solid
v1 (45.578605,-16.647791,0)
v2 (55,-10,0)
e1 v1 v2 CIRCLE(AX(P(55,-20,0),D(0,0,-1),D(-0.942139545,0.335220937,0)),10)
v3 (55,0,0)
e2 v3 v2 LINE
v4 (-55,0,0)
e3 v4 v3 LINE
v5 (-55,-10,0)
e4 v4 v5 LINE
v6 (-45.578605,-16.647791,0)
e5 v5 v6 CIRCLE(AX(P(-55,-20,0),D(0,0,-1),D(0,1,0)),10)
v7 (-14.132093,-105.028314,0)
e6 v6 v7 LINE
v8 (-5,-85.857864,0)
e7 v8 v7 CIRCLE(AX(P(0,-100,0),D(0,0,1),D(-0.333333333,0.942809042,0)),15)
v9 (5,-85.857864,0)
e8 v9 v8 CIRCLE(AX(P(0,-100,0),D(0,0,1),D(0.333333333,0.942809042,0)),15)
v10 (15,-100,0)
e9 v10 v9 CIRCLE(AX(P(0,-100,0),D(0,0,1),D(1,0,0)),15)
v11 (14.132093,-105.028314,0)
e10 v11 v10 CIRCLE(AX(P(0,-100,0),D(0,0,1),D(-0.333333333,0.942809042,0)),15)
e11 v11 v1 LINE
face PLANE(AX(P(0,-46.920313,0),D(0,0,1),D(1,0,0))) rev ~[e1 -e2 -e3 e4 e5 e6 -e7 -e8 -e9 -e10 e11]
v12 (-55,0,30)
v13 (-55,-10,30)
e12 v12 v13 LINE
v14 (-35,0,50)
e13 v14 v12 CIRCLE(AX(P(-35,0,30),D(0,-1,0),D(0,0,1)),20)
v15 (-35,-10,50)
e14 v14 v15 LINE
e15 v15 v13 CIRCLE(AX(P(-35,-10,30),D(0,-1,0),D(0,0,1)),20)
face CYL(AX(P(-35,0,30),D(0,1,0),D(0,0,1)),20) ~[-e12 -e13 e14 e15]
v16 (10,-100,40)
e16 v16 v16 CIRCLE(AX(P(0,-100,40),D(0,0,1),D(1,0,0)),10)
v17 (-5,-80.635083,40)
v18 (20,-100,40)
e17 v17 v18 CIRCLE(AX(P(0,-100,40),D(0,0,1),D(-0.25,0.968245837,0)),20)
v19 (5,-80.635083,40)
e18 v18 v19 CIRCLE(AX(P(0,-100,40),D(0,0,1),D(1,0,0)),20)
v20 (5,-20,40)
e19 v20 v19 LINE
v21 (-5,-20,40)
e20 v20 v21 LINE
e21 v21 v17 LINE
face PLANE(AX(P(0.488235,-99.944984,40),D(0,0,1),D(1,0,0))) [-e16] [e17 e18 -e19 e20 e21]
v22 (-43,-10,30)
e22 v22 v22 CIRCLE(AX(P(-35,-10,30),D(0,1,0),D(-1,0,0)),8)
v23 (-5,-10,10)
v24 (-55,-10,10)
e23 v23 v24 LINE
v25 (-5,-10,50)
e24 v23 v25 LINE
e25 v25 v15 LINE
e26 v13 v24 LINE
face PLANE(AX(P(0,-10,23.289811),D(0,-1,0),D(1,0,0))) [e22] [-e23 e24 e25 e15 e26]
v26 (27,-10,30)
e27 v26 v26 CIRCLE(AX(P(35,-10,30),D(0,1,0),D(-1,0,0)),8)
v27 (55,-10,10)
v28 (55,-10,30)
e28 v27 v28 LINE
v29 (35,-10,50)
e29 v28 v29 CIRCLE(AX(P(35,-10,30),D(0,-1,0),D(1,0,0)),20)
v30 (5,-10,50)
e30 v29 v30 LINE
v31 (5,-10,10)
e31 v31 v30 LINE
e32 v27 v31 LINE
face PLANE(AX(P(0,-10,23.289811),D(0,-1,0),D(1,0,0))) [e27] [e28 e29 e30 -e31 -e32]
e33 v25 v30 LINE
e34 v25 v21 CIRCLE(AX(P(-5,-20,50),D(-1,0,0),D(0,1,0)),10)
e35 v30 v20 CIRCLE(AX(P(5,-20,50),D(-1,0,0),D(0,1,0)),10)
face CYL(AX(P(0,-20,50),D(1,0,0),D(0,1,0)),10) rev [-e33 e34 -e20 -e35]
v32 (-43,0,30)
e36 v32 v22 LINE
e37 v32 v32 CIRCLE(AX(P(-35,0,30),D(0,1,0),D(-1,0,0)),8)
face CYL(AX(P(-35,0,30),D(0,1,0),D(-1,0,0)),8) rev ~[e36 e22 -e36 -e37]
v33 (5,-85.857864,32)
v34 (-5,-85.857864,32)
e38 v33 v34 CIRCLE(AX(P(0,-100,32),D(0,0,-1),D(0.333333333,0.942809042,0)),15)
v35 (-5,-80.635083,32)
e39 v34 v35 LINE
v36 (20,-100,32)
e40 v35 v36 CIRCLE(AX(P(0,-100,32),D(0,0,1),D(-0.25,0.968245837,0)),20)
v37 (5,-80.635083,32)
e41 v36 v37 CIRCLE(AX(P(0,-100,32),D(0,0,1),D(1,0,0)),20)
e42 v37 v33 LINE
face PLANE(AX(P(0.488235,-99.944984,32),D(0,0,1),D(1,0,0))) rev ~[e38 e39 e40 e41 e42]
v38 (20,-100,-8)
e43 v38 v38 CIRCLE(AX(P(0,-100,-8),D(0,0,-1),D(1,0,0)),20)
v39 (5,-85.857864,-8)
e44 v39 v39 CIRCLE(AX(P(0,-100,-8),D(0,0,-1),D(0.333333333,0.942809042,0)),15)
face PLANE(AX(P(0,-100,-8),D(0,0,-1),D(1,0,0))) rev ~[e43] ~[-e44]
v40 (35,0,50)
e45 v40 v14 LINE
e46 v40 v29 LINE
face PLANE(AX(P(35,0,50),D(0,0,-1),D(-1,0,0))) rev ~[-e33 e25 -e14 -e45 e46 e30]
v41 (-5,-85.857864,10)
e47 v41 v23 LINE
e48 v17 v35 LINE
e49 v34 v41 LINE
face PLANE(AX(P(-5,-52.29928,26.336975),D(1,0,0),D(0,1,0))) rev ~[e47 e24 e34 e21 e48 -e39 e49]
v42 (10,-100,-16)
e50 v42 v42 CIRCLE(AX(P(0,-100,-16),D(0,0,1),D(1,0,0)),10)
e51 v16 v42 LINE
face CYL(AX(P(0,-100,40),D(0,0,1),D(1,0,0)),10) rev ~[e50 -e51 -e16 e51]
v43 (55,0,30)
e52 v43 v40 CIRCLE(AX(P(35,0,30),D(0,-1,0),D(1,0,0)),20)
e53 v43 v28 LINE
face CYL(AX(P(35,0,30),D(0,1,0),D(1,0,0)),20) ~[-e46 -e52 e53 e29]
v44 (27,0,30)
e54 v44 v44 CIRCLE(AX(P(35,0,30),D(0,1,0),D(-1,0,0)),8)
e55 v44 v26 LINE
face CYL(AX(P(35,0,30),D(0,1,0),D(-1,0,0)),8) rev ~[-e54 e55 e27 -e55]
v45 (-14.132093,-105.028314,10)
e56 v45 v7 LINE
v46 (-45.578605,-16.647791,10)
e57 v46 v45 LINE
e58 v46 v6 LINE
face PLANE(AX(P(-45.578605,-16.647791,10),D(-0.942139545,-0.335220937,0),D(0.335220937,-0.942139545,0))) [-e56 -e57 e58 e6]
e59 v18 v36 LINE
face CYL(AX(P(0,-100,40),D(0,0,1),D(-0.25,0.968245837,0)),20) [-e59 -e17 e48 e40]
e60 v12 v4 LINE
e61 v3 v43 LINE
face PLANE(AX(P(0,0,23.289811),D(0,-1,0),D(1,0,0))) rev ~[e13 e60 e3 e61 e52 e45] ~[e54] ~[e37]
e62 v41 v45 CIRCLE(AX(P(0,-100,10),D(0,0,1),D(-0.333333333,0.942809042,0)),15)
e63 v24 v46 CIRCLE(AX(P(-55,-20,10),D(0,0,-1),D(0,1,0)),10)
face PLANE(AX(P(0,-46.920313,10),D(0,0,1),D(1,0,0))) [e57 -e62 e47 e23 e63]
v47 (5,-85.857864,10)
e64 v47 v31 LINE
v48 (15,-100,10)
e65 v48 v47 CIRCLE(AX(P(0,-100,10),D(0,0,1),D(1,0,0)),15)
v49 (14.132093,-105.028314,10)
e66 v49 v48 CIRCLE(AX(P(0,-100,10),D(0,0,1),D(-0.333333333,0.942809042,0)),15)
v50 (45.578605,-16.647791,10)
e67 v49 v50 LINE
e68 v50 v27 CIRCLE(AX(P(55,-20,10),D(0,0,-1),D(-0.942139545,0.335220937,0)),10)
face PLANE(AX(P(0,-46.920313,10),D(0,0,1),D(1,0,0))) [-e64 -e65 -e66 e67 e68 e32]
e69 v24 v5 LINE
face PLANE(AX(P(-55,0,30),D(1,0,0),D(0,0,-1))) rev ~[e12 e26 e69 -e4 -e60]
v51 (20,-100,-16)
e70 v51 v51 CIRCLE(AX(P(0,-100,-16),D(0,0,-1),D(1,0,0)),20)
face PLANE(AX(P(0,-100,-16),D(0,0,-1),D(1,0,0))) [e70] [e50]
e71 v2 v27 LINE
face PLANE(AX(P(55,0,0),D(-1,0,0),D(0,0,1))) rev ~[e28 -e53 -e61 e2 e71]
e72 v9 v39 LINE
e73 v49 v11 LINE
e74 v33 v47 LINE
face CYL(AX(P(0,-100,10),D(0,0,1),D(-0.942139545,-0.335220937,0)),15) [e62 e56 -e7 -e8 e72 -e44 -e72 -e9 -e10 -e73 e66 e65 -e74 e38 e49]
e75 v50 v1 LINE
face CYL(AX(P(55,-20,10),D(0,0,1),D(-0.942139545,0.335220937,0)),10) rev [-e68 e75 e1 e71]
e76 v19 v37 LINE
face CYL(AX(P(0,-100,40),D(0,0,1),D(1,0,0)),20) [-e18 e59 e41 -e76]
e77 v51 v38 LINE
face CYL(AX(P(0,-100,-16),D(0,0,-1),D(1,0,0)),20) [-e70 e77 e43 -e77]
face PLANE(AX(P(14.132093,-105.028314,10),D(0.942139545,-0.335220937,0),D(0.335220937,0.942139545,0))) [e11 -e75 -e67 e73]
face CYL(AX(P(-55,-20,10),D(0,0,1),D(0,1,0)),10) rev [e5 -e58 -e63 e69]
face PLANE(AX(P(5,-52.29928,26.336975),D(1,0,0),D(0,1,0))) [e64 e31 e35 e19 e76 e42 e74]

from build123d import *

# Parameters (mm, degrees)
F1_DEPTH  = 10
F4_DEPTH  = 10
F6_DEPTH  = 5
F8_DEPTH  = 56
F10_DEPTH = 8
F11_R     = 20
F11_R_2   = 15
F12_DEPTH = 8
F13_R     = 10
F14_DEPTH = 56.001
F15_R     = 8
F16_DEPTH = 10


with BuildPart() as f1:
    # F0 (on Front) → F1 (new body)
    with BuildSketch(Plane.XZ):
        with BuildLine():
            Line((-55, 30), (-55, 0))
            Line((-55, 0), (55, 0))
            Line((55, 0), (55, 30))
            ThreePointArc((55, 30), (49.1421356237, 44.1421356237), (35, 50))
            Line((35, 50), (-35, 50))
            ThreePointArc((-35, 50), (-49.1421356237, 44.1421356237), (-55, 30))
        make_face()
    extrude(amount=F1_DEPTH)

    # F3 (on offset) → F4 (join)
    with BuildSketch(Plane.XY.offset(10)):
        with BuildLine():
            Line((-15.9212083525, -100), (-14.1320931815, -105.0283140623))
            ThreePointArc((-14.1320931815, -105.0283140623), (0, -115), (14.1320931815, -105.0283140623))
            Line((14.1320931815, -105.0283140623), (15.9212083525, -100))
            Line((15.9212083525, -100), (45.5786045457, -16.6477906251))
            ThreePointArc((45.5786045457, -16.6477906251), (49.2346766677, -11.8292566511), (55, -10))
            Line((55, -10), (-55, -10))
            ThreePointArc((-55, -10), (-49.2346766677, -11.8292566511), (-45.5786045457, -16.6477906251))
            Line((-45.5786045457, -16.6477906251), (-15.9212083525, -100))
        make_face()
    extrude(amount=-F4_DEPTH)

    # F5 (on Right) → F6 (join, symmetric)
    with BuildSketch(Plane.YZ):
        with BuildLine():
            Line((-100, 10), (-10, 10))
            Line((-10, 10), (-10, 40))
            Line((-10, 40), (-10, 50))
            ThreePointArc((-10, 50), (-12.9289321881, 42.9289321881), (-20, 40))
            Line((-20, 40), (-100, 40))
            Line((-100, 40), (-100, 10))
        make_face()
    extrude(amount=F6_DEPTH, both=True)

    # F7 (on face) → F8 (join)
    with BuildSketch(Plane.XY.offset(40)):
        with BuildLine():
            Line((5, -100), (5, -85.8578643763))
            ThreePointArc((5, -85.8578643763), (0, -85), (-5, -85.8578643763))
            Line((-5, -85.8578643763), (-5, -100))
            Line((-5, -100), (5, -100))
        make_face()
        with BuildLine():
            ThreePointArc((-5, -85.8578643763), (-8.6602540378, -112.2474487139), (15, -100))
            ThreePointArc((15, -100), (12.2474487139, -91.3397459622), (5, -85.8578643763))
            Line((5, -85.8578643763), (5, -100))
            Line((5, -100), (-5, -100))
            Line((-5, -100), (-5, -85.8578643763))
        make_face()
    extrude(amount=-F8_DEPTH)

    # F9 (on face) → F10 (join)
    with BuildSketch(Plane.XY.offset(40)):
        with BuildLine():
            ThreePointArc((-5, -80.635083269), (-12.2474487139, -115.8113883008), (20, -100))
            ThreePointArc((20, -100), (15.8113883008, -87.7525512861), (5, -80.635083269))
            Line((5, -80.635083269), (5, -85.8578643763))
            ThreePointArc((5, -85.8578643763), (0, -115), (-5, -85.8578643763))
            Line((-5, -85.8578643763), (-5, -80.635083269))
        make_face()
    extrude(amount=-F10_DEPTH)

    # F11 (on face) → F12 (join)
    with BuildSketch(Plane(origin=(0, 0, -16), x_dir=(1, 0, 0), z_dir=(0, 0, -1))):
        with Locations((0, 100)):
            Circle(F11_R)
        with Locations((0, 100)):
            Circle(F11_R_2, mode=Mode.SUBTRACT)
    extrude(amount=-F12_DEPTH)

    # F13 (on face) → F14 (cut, through all)
    with BuildSketch(Plane.XY.offset(40)):
        with Locations((0, -100)):
            Circle(F13_R)
    extrude(amount=-F14_DEPTH, mode=Mode.SUBTRACT)

    # F15 (on face) → F16 (cut, through all)
    with BuildSketch(Plane(origin=(0, 0, 0), x_dir=(-1, 0, 0), z_dir=(0, 1, 0))):
        with Locations((-35, 30)):
            Circle(F15_R)
        with Locations((35, 30)):
            Circle(F15_R)
    extrude(amount=-F16_DEPTH, mode=Mode.SUBTRACT)


solid = f1.part
